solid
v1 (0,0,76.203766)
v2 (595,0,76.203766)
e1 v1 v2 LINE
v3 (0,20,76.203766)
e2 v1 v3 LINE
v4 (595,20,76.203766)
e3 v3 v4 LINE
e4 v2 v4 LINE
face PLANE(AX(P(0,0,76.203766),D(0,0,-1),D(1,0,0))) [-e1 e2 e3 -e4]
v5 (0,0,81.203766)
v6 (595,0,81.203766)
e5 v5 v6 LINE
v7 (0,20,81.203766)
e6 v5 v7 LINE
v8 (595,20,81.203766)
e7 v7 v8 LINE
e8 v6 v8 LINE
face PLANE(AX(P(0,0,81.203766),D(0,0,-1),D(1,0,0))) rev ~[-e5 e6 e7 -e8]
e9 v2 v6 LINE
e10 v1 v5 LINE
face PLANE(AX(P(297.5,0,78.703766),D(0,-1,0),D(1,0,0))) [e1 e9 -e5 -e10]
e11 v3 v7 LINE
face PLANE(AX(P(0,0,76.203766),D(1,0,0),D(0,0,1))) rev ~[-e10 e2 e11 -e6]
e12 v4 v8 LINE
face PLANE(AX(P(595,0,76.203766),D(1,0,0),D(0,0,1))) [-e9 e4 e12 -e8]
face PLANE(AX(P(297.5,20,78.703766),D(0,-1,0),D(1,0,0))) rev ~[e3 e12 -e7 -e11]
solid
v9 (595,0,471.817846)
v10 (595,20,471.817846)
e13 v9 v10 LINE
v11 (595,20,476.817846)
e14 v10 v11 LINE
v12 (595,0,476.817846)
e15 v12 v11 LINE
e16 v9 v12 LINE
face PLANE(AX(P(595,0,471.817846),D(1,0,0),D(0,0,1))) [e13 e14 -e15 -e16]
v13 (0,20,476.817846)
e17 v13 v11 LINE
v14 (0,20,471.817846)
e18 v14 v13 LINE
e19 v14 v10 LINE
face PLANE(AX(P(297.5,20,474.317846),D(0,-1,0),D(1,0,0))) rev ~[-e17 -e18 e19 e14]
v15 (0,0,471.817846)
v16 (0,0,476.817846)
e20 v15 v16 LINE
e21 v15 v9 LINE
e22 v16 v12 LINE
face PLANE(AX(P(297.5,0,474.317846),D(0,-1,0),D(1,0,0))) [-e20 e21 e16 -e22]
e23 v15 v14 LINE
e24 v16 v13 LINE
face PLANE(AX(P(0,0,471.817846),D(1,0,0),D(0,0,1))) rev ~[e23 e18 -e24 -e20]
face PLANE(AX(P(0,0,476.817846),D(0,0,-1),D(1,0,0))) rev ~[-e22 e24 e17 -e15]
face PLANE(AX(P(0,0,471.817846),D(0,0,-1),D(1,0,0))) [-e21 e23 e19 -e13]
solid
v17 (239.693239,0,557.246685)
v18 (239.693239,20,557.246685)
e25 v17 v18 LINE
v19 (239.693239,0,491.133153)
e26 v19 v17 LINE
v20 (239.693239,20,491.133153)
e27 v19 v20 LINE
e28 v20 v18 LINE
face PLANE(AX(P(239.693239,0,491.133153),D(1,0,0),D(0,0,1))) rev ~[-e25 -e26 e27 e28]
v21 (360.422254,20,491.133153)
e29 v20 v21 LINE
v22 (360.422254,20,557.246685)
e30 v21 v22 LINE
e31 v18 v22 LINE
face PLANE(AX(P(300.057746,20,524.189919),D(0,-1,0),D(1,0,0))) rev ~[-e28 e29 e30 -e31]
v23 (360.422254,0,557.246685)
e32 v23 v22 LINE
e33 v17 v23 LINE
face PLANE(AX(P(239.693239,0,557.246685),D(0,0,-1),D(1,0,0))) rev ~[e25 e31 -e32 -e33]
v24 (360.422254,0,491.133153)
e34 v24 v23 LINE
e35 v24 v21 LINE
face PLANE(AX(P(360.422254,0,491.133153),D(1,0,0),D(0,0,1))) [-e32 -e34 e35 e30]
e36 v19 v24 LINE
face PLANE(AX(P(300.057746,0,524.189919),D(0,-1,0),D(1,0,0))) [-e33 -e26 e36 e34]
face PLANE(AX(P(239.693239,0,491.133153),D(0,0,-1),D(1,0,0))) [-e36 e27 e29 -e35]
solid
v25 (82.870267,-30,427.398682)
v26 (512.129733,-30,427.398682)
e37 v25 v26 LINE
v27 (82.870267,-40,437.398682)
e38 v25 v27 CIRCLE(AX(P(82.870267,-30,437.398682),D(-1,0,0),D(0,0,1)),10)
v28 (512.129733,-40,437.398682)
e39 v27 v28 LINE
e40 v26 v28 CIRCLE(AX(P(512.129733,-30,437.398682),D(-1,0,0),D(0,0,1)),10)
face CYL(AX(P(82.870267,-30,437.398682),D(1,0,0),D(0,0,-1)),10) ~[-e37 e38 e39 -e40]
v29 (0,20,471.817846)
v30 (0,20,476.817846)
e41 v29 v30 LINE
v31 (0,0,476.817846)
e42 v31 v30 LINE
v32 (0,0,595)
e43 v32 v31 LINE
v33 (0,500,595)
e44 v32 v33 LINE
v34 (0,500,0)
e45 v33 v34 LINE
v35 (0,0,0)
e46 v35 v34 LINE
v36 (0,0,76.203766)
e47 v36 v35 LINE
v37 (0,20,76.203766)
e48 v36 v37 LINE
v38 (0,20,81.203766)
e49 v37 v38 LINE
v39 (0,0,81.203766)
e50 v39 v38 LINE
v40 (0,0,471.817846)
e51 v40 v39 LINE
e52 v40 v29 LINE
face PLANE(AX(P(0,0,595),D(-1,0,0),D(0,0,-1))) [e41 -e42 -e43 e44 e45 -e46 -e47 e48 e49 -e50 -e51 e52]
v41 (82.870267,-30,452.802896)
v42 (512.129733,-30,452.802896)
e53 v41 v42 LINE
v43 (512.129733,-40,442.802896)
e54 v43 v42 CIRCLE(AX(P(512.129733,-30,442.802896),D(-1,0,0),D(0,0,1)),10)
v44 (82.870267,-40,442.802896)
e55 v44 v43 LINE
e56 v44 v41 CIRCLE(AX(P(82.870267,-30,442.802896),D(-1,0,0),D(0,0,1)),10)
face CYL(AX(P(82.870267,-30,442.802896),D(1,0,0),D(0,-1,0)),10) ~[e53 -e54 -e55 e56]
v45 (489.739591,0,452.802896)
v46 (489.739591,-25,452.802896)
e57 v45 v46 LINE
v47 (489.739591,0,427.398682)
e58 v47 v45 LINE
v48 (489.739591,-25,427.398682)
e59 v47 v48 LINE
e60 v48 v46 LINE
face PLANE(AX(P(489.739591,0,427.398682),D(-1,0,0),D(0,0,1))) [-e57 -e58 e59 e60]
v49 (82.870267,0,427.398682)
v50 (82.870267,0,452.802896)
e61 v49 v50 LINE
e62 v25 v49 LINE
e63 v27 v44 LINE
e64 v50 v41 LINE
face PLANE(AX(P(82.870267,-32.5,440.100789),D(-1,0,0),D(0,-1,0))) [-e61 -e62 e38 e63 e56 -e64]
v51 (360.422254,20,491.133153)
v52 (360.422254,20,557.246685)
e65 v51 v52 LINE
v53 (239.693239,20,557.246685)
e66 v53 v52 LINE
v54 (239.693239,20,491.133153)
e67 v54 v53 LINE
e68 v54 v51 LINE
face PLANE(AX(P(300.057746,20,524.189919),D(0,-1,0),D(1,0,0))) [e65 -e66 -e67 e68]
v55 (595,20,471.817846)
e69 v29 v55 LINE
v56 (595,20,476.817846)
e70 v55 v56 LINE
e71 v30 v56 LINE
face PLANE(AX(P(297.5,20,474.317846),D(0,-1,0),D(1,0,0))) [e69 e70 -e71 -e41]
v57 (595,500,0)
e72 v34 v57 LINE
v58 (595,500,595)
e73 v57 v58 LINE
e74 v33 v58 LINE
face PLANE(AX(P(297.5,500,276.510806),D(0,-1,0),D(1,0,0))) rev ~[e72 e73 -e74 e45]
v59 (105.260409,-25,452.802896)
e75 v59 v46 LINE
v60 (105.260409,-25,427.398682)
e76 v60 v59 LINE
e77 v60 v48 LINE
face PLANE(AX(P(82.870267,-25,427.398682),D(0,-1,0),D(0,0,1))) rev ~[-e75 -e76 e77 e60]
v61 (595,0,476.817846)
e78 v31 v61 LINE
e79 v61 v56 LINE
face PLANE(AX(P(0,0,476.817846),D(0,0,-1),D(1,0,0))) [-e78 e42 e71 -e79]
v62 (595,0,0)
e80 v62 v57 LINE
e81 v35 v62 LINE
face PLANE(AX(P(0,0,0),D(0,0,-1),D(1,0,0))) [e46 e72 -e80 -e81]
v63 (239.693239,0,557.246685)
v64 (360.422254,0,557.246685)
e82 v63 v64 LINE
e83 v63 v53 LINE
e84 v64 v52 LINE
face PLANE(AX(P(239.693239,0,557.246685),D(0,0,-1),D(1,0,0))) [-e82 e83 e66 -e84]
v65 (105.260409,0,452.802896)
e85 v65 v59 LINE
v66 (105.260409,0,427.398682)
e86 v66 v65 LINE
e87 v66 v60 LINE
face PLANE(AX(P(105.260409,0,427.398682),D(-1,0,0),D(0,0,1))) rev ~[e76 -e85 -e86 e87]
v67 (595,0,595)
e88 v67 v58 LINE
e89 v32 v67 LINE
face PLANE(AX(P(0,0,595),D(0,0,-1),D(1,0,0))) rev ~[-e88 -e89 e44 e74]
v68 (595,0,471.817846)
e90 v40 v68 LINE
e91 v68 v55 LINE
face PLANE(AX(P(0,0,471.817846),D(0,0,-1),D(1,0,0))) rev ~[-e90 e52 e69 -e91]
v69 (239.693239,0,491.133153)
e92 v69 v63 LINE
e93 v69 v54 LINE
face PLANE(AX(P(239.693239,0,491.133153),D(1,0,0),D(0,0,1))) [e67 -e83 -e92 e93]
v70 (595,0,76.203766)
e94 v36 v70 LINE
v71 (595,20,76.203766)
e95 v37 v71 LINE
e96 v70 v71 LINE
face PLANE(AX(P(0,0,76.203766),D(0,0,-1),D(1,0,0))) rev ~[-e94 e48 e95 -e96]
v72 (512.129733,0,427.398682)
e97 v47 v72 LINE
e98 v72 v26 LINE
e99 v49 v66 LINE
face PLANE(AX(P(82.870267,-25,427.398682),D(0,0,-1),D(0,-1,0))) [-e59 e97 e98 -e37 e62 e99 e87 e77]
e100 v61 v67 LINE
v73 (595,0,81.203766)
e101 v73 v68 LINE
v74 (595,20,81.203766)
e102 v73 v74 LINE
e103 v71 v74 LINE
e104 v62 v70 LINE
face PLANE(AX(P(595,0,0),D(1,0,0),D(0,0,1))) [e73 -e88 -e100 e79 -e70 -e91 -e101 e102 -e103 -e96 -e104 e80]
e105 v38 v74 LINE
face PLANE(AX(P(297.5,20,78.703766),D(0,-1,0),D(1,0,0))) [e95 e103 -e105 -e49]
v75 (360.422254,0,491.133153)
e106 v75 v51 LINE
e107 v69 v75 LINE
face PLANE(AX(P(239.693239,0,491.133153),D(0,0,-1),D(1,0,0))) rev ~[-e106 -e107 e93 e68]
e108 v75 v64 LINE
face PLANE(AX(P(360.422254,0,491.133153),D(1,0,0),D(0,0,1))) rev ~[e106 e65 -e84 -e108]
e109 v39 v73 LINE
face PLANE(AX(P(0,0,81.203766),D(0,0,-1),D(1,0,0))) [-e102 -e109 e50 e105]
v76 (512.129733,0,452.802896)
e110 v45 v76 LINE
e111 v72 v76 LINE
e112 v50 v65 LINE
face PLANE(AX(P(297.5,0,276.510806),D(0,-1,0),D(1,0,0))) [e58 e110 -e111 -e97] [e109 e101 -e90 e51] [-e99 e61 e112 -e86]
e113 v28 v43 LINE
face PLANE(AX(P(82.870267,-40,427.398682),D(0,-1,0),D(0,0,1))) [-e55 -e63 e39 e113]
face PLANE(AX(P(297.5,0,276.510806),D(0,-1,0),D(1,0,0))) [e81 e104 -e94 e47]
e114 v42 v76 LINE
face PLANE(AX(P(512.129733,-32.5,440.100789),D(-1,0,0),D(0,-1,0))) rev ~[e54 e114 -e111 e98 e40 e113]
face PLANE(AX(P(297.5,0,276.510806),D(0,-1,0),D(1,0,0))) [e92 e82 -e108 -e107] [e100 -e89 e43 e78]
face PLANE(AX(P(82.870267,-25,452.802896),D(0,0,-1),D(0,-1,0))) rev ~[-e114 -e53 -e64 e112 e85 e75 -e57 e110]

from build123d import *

# Parameters (mm, degrees)
F0_W     = 595
F0_H     = 390.6140801311
F0_H_2   = 118.1821537018
F0_W_2   = 120.7290142775
F0_H_3   = 66.1135315895
F0_H_4   = 76.2037661672
F0_H_5   = 5
F1_DEPTH = 500
F2_DEPTH = 20
F5_W     = 22.3901420832
F5_H     = 25.404214859
F6_DEPTH = 25
F7_W     = 15
F7_H     = 25.404214859
F8_DEPTH = 429.2594653368
F9_R     = 10


with BuildPart() as f1:
    # F0 (on Front) → F1 (new body)
    with BuildSketch(Plane.XZ):
        with Locations((297.5, 276.5108062327)):
            Rectangle(F0_W, F0_H)
        with Locations((297.5, 535.9089231491)):
            Rectangle(F0_W, F0_H_2)
        with Locations((300.05774647, 524.1899192333)):
            Rectangle(F0_W_2, F0_H_3, mode=Mode.SUBTRACT)
        with Locations((297.5, 38.1018830836)):
            Rectangle(F0_W, F0_H_4)
        with Locations((300.05774647, 524.1899192333)):
            Rectangle(F0_W_2, F0_H_3)
        with Locations((297.5, 78.7037661672)):
            Rectangle(F0_W, F0_H_5)
        with Locations((297.5, 474.3178462982)):
            Rectangle(F0_W, F0_H_5)
    extrude(amount=-F1_DEPTH)


with BuildPart() as f2:
    # F0 (on Front) → F2 (new body)
    with BuildSketch(Plane.XZ):
        with Locations((300.05774647, 524.1899192333)):
            Rectangle(F0_W_2, F0_H_3)
    extrude(amount=-F2_DEPTH)


with BuildPart() as f2b:
    # F0 (on Front) → F2, piece 2 (new body)
    with BuildSketch(Plane.XZ):
        with Locations((297.5, 474.3178462982)):
            Rectangle(F0_W, F0_H_5)
    extrude(amount=-F2_DEPTH)


with BuildPart() as f2c:
    # F0 (on Front) → F2, piece 3 (new body)
    with BuildSketch(Plane.XZ):
        with Locations((297.5, 78.7037661672)):
            Rectangle(F0_W, F0_H_5)
    extrude(amount=-F2_DEPTH)


with BuildPart() as f1_1:
    add(f1.part)

    # F3: cut F2, F2b, F2c
    add(f2.part, mode=Mode.SUBTRACT)
    add(f2b.part, mode=Mode.SUBTRACT)
    add(f2c.part, mode=Mode.SUBTRACT)

    # F5 (on face) → F6 (join)
    with BuildSketch(Plane.XZ):
        with Locations((94.0653383732, 440.1007890701)):
            Rectangle(F5_W, F5_H)
        with Locations((500.9346616268, 440.1007890701)):
            Rectangle(F5_W, F5_H)
    extrude(amount=F6_DEPTH)

    # F7 (on face) → F8 (join, through all)
    with BuildSketch(Plane(origin=(82.8702673316, 0, 0), x_dir=(0, -1, 0), z_dir=(-1, 0, 0))):
        with Locations((32.5, 440.1007890701)):
            Rectangle(F7_W, F7_H)
    extrude(amount=-F8_DEPTH)

    # F9
    f9_edges = [f1_1.edges().sort_by_distance(p)[0] for p in [
        (297.5, -40, 452.802896),
        (297.5, -40, 427.398682),
    ]]
    fillet(f9_edges, radius=F9_R)


solid = Compound([f2.part, f2b.part, f2c.part, f1_1.part])
